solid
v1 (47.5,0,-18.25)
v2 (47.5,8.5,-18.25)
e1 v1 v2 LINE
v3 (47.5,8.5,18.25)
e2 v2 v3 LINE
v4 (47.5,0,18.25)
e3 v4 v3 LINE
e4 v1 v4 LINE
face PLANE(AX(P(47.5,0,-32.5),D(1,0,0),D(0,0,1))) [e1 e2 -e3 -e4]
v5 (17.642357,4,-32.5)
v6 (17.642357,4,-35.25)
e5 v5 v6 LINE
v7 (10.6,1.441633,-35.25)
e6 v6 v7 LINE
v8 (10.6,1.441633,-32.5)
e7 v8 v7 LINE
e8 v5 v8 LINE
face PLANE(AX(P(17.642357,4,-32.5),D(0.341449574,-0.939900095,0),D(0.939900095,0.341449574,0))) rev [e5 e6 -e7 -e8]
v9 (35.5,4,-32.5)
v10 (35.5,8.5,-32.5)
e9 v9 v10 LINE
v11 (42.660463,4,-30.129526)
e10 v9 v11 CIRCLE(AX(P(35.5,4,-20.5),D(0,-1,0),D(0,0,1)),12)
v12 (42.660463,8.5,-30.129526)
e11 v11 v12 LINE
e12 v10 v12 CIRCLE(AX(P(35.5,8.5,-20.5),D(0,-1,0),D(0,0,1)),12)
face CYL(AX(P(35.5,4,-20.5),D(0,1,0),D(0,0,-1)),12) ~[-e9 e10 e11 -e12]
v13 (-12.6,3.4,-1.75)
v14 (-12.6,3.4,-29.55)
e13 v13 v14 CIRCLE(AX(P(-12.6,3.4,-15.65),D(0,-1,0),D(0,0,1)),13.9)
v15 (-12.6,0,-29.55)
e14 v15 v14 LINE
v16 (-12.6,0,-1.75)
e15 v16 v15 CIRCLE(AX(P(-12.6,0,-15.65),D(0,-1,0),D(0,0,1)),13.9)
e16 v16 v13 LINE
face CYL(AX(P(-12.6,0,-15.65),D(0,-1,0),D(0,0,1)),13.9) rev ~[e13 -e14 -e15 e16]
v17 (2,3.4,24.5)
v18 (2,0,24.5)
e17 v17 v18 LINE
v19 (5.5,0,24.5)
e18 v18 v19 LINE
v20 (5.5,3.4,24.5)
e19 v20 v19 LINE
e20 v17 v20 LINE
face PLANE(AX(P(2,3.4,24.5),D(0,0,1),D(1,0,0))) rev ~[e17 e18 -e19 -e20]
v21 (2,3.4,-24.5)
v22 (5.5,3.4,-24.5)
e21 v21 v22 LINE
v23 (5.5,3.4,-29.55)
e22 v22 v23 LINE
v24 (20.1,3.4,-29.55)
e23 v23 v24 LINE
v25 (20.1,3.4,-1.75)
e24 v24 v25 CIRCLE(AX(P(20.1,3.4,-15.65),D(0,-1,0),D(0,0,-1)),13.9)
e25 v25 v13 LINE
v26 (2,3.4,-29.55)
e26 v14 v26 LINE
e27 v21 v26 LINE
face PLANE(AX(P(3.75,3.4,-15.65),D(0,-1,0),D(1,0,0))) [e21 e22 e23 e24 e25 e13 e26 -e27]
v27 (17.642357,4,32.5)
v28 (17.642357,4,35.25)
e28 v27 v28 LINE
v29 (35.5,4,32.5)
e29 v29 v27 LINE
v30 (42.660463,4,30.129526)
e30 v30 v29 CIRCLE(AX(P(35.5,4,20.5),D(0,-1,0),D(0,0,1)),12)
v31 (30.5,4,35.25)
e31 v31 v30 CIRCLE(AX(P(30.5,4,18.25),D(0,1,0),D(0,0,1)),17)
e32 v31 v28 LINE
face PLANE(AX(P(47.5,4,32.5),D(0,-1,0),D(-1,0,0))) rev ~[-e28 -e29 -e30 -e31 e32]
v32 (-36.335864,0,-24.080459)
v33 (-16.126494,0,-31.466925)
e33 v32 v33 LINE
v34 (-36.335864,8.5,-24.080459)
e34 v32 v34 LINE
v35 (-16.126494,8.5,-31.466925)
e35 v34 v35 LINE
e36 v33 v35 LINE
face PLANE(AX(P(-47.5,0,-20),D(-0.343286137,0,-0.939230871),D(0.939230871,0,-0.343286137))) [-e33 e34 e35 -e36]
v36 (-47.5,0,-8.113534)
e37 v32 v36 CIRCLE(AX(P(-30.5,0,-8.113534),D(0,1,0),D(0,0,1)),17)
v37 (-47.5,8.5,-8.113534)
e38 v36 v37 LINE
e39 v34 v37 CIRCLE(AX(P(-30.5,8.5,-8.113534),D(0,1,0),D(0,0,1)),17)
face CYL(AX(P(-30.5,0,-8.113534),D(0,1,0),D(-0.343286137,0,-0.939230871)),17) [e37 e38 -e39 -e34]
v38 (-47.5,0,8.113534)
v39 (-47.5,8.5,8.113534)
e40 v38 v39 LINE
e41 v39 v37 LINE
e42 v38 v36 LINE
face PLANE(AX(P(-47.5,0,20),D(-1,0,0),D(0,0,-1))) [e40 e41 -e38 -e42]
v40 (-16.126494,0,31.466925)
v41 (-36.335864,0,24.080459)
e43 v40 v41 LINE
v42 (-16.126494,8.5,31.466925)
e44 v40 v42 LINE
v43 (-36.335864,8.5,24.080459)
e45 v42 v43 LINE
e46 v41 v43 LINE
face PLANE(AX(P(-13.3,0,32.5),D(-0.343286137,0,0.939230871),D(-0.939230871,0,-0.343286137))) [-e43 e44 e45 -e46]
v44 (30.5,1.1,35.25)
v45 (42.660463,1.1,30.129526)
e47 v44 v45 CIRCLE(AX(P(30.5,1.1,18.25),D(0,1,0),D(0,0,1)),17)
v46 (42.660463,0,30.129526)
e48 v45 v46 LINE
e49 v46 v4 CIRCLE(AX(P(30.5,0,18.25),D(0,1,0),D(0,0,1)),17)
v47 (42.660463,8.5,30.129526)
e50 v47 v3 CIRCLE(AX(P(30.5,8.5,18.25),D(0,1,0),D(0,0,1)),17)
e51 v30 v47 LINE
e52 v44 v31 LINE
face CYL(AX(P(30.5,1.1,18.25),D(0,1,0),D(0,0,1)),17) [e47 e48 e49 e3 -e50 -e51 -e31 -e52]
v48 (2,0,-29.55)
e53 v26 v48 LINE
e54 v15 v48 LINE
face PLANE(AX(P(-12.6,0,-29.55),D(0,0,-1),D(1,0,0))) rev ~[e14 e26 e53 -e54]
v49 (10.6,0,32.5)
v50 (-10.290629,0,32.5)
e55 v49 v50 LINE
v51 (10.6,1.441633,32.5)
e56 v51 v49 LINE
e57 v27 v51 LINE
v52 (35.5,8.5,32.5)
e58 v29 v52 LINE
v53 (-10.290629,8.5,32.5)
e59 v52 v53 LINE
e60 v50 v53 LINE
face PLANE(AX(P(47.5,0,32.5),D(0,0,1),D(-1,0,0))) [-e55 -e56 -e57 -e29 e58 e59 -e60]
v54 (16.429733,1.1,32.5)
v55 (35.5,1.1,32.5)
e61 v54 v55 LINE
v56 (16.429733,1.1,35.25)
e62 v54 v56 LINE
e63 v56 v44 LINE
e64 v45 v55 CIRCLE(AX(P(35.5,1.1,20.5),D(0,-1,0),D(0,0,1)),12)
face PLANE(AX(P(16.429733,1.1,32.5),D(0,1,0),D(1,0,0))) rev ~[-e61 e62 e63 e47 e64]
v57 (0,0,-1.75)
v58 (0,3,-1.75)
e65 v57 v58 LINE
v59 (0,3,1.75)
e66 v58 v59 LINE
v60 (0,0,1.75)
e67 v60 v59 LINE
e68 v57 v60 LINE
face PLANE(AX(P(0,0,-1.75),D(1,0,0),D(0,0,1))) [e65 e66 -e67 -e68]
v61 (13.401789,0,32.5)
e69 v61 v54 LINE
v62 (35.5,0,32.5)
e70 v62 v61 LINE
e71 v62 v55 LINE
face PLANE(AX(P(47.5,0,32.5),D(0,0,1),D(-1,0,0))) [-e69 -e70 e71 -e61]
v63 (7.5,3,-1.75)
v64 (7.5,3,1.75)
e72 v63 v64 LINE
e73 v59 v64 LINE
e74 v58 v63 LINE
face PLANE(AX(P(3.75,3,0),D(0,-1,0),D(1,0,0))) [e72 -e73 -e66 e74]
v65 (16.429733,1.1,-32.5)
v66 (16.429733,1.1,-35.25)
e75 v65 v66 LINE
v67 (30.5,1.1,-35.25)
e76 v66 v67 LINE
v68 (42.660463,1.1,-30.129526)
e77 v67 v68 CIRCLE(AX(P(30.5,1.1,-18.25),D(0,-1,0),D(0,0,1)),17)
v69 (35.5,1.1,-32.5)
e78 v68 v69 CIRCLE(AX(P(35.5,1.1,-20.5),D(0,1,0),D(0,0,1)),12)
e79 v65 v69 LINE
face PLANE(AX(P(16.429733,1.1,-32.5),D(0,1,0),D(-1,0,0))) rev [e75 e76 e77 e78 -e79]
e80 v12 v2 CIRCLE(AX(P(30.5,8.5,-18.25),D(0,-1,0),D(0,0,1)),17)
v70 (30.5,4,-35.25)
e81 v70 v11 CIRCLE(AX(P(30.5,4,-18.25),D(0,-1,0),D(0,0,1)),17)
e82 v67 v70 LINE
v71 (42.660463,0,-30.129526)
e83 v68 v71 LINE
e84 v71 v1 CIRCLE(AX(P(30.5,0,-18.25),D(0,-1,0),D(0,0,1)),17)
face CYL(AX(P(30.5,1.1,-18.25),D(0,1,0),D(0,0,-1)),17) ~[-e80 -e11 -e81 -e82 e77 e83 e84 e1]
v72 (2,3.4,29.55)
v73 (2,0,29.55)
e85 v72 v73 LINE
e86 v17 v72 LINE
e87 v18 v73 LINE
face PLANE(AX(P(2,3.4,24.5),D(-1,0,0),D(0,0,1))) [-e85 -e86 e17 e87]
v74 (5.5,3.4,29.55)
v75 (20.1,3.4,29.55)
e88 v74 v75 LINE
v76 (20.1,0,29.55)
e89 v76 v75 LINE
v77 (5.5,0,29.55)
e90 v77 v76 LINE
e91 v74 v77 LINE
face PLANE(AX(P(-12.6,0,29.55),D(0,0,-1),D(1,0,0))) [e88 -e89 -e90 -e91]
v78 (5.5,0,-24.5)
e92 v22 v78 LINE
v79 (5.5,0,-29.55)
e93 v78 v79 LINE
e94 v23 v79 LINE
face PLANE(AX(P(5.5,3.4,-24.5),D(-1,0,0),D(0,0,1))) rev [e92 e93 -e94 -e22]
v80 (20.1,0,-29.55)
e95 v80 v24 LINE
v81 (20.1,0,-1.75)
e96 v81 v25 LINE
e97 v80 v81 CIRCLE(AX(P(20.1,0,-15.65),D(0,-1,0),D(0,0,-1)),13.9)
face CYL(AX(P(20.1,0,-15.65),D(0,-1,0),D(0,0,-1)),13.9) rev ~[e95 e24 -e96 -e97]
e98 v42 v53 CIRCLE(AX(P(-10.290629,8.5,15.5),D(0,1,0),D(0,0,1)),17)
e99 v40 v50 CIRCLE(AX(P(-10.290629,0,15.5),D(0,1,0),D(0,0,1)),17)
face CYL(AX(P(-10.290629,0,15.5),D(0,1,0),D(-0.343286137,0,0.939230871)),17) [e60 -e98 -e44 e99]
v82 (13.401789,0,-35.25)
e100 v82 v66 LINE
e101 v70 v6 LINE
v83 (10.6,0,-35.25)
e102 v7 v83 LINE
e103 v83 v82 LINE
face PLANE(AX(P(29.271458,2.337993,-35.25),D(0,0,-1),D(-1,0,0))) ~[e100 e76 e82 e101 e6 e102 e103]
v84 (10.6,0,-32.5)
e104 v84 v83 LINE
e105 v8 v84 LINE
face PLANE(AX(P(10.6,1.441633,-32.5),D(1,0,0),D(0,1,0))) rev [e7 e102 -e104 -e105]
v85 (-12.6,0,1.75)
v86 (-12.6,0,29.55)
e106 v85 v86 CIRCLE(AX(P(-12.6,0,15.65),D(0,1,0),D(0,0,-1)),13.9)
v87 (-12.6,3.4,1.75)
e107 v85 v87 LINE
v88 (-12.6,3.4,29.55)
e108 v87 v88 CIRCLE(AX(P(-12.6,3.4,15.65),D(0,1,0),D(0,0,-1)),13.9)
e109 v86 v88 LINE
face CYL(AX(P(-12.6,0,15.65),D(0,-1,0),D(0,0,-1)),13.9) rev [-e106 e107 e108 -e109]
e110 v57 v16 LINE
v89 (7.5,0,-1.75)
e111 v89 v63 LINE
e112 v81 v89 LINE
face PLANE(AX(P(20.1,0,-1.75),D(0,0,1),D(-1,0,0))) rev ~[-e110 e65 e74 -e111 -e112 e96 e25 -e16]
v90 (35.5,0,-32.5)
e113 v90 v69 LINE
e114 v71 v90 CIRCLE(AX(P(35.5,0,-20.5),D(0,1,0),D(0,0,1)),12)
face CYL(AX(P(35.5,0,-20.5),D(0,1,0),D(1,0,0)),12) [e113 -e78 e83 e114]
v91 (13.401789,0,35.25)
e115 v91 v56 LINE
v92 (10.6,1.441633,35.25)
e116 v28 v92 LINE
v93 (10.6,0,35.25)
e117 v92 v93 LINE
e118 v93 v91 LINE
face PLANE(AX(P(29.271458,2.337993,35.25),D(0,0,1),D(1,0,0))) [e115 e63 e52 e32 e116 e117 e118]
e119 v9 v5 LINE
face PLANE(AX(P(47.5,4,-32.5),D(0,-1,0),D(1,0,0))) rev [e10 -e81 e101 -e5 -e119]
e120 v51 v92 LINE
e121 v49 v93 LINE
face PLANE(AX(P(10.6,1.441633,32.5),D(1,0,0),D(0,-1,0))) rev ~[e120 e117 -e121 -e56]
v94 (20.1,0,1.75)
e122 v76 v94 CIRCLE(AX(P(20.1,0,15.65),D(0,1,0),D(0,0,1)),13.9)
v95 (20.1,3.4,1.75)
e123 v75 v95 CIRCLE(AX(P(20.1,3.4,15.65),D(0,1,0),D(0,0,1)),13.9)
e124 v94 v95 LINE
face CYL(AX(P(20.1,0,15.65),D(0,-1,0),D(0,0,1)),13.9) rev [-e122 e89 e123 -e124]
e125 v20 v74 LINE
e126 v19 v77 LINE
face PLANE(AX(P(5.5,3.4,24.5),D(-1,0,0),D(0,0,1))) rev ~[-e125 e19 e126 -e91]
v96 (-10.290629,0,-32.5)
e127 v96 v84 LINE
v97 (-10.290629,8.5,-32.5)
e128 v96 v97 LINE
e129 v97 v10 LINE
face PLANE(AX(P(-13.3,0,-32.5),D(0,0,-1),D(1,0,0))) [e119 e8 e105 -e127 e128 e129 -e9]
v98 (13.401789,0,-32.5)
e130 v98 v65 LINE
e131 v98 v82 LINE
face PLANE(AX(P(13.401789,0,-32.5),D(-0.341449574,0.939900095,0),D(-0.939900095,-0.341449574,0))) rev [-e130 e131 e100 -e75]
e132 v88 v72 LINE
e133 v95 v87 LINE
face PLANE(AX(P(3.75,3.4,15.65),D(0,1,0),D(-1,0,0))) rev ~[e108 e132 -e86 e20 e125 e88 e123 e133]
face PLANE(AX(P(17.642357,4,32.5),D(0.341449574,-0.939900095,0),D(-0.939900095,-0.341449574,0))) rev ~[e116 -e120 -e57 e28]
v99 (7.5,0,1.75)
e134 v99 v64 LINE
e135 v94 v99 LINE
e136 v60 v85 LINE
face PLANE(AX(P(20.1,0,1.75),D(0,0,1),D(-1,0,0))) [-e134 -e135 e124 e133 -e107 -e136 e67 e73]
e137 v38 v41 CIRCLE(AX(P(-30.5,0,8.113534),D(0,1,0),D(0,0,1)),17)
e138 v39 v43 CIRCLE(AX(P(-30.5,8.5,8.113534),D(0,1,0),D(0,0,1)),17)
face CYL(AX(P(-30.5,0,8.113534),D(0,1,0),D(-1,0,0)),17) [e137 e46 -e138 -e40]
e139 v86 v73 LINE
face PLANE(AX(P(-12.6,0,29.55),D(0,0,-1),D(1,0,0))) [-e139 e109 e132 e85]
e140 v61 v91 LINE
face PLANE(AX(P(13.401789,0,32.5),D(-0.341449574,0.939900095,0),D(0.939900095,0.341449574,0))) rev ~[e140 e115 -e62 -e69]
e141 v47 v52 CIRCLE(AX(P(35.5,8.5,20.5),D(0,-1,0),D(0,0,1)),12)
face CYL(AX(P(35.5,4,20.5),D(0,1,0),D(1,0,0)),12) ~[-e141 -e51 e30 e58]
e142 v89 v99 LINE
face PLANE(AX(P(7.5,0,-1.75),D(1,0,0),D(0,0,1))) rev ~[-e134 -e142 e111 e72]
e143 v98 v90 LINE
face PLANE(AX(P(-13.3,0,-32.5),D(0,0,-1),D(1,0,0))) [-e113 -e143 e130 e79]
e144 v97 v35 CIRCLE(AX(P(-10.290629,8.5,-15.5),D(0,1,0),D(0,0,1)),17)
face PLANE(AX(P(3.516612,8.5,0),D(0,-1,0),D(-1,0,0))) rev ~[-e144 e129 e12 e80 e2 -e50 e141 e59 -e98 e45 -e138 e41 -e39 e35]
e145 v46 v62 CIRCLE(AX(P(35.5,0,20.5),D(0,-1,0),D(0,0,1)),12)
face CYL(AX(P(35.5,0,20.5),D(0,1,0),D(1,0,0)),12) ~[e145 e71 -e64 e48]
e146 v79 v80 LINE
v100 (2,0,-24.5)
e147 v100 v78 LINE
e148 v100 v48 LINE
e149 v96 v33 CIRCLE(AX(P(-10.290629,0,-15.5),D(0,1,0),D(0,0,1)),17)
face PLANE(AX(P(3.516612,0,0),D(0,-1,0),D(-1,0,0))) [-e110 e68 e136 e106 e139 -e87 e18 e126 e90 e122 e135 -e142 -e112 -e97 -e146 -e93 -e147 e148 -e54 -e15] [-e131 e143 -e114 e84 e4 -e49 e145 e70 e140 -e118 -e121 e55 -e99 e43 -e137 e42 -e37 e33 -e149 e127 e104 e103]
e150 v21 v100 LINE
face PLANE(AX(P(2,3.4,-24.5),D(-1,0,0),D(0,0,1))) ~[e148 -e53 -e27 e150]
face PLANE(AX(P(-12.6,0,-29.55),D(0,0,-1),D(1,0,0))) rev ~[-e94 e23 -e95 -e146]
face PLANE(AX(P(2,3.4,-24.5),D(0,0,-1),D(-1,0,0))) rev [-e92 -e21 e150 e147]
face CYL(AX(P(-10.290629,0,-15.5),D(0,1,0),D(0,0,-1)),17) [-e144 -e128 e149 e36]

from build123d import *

# Parameters (mm, degrees)
EXTRUDE_1_DEPTH     = 8.5
CUT_EXTRUDE_1_DEPTH = 3.4
SKETCH_7_W          = 3.5
SKETCH_7_H          = 5.05
EXTRUDE_2_DEPTH     = 3.4
SKETCH_8_W          = 7.5
SKETCH_8_H          = 3.5
CUT_EXTRUDE_2_DEPTH = 3
EXTRUDE_3_DEPTH     = 2.75
FILLET_2_R          = 12
FILLET_3_R          = 17
FILLET_4_R          = 17


with BuildPart() as part:
    # 草图1 → 凸台-拉伸1 (new body)
    with BuildSketch(Plane(origin=(0, 0, 0), x_dir=(1, 0, 0), z_dir=(0, 1, 0))):
        Polygon((-47.5, 20), (-13.3, 32.5), (47.5, 32.5), (47.5, -32.5), (-13.3, -32.5), (-47.5, -20), align=None)
    extrude(amount=EXTRUDE_1_DEPTH)

    # 草图3 → 切除-拉伸1 (cut)
    with BuildSketch(Plane.XZ):
        with BuildLine():
            Line((-12.6, 29.55), (20.1, 29.55))
            ThreePointArc((20.1, 29.55), (34, 15.65), (20.1, 1.75))
            Line((20.1, 1.75), (-12.6, 1.75))
            ThreePointArc((-12.6, 1.75), (-26.5, 15.65), (-12.6, 29.55))
        make_face()
        with BuildLine():
            Line((-12.6, -29.55), (20.1, -29.55))
            ThreePointArc((20.1, -29.55), (34, -15.65), (20.1, -1.75))
            Line((20.1, -1.75), (-12.6, -1.75))
            ThreePointArc((-12.6, -1.75), (-26.5, -15.65), (-12.6, -29.55))
        make_face()
    extrude(amount=-CUT_EXTRUDE_1_DEPTH, mode=Mode.SUBTRACT)

    # 草图7 → 凸台-拉伸2 (add)
    with BuildSketch(Plane.XZ.offset(-3.4)):
        with Locations((3.75, 27.025)):
            Rectangle(SKETCH_7_W, SKETCH_7_H)
    extrude_2 = extrude(amount=EXTRUDE_2_DEPTH)

    # 镜向1: 凸台-拉伸2 across plane
    add(extrude_2.mirror(Plane.XY))

    # 草图8 → 切除-拉伸2 (cut)
    with BuildSketch(Plane.XZ):
        with Locations((3.75, 0)):
            Rectangle(SKETCH_8_W, SKETCH_8_H)
    extrude(amount=-CUT_EXTRUDE_2_DEPTH, mode=Mode.SUBTRACT)

    # 草图10 → 凸台-拉伸3 (add)
    with BuildSketch(Plane.XY.offset(32.5)):
        Polygon((16.429732781, 1.1), (47.5, 1.1), (47.5, 4), (17.642356602, 4), (10.6, 1.44163271), (10.6, 0), (13.401789026, 0), align=None)
    extrude_3 = extrude(amount=EXTRUDE_3_DEPTH)

    # 镜向2: 凸台-拉伸3 across plane
    add(extrude_3.mirror(Plane.XY))

    # 圆角2
    fillet_2_edges = [part.edges().sort_by_distance(p)[0] for p in [
        (47.5, 6.25, 32.5),
        (47.5, 0.55, -32.5),
        (47.5, 6.25, -32.5),
        (47.5, 0.55, 32.5),
    ]]
    fillet(fillet_2_edges, radius=FILLET_2_R)

    # 圆角3
    fillet_3_edges = [part.edges().sort_by_distance(p)[0] for p in [
        (47.5, 2.55, 35.25),
        (47.5, 2.55, -35.25),
    ]]
    fillet(fillet_3_edges, radius=FILLET_3_R)

    # 圆角4
    fillet_4_edges = [part.edges().sort_by_distance(p)[0] for p in [
        (-13.3, 4.25, 32.5),
        (-47.5, 4.25, 20),
        (-47.5, 4.25, -20),
        (-13.3, 4.25, -32.5),
    ]]
    fillet(fillet_4_edges, radius=FILLET_4_R)


solid = part.part
